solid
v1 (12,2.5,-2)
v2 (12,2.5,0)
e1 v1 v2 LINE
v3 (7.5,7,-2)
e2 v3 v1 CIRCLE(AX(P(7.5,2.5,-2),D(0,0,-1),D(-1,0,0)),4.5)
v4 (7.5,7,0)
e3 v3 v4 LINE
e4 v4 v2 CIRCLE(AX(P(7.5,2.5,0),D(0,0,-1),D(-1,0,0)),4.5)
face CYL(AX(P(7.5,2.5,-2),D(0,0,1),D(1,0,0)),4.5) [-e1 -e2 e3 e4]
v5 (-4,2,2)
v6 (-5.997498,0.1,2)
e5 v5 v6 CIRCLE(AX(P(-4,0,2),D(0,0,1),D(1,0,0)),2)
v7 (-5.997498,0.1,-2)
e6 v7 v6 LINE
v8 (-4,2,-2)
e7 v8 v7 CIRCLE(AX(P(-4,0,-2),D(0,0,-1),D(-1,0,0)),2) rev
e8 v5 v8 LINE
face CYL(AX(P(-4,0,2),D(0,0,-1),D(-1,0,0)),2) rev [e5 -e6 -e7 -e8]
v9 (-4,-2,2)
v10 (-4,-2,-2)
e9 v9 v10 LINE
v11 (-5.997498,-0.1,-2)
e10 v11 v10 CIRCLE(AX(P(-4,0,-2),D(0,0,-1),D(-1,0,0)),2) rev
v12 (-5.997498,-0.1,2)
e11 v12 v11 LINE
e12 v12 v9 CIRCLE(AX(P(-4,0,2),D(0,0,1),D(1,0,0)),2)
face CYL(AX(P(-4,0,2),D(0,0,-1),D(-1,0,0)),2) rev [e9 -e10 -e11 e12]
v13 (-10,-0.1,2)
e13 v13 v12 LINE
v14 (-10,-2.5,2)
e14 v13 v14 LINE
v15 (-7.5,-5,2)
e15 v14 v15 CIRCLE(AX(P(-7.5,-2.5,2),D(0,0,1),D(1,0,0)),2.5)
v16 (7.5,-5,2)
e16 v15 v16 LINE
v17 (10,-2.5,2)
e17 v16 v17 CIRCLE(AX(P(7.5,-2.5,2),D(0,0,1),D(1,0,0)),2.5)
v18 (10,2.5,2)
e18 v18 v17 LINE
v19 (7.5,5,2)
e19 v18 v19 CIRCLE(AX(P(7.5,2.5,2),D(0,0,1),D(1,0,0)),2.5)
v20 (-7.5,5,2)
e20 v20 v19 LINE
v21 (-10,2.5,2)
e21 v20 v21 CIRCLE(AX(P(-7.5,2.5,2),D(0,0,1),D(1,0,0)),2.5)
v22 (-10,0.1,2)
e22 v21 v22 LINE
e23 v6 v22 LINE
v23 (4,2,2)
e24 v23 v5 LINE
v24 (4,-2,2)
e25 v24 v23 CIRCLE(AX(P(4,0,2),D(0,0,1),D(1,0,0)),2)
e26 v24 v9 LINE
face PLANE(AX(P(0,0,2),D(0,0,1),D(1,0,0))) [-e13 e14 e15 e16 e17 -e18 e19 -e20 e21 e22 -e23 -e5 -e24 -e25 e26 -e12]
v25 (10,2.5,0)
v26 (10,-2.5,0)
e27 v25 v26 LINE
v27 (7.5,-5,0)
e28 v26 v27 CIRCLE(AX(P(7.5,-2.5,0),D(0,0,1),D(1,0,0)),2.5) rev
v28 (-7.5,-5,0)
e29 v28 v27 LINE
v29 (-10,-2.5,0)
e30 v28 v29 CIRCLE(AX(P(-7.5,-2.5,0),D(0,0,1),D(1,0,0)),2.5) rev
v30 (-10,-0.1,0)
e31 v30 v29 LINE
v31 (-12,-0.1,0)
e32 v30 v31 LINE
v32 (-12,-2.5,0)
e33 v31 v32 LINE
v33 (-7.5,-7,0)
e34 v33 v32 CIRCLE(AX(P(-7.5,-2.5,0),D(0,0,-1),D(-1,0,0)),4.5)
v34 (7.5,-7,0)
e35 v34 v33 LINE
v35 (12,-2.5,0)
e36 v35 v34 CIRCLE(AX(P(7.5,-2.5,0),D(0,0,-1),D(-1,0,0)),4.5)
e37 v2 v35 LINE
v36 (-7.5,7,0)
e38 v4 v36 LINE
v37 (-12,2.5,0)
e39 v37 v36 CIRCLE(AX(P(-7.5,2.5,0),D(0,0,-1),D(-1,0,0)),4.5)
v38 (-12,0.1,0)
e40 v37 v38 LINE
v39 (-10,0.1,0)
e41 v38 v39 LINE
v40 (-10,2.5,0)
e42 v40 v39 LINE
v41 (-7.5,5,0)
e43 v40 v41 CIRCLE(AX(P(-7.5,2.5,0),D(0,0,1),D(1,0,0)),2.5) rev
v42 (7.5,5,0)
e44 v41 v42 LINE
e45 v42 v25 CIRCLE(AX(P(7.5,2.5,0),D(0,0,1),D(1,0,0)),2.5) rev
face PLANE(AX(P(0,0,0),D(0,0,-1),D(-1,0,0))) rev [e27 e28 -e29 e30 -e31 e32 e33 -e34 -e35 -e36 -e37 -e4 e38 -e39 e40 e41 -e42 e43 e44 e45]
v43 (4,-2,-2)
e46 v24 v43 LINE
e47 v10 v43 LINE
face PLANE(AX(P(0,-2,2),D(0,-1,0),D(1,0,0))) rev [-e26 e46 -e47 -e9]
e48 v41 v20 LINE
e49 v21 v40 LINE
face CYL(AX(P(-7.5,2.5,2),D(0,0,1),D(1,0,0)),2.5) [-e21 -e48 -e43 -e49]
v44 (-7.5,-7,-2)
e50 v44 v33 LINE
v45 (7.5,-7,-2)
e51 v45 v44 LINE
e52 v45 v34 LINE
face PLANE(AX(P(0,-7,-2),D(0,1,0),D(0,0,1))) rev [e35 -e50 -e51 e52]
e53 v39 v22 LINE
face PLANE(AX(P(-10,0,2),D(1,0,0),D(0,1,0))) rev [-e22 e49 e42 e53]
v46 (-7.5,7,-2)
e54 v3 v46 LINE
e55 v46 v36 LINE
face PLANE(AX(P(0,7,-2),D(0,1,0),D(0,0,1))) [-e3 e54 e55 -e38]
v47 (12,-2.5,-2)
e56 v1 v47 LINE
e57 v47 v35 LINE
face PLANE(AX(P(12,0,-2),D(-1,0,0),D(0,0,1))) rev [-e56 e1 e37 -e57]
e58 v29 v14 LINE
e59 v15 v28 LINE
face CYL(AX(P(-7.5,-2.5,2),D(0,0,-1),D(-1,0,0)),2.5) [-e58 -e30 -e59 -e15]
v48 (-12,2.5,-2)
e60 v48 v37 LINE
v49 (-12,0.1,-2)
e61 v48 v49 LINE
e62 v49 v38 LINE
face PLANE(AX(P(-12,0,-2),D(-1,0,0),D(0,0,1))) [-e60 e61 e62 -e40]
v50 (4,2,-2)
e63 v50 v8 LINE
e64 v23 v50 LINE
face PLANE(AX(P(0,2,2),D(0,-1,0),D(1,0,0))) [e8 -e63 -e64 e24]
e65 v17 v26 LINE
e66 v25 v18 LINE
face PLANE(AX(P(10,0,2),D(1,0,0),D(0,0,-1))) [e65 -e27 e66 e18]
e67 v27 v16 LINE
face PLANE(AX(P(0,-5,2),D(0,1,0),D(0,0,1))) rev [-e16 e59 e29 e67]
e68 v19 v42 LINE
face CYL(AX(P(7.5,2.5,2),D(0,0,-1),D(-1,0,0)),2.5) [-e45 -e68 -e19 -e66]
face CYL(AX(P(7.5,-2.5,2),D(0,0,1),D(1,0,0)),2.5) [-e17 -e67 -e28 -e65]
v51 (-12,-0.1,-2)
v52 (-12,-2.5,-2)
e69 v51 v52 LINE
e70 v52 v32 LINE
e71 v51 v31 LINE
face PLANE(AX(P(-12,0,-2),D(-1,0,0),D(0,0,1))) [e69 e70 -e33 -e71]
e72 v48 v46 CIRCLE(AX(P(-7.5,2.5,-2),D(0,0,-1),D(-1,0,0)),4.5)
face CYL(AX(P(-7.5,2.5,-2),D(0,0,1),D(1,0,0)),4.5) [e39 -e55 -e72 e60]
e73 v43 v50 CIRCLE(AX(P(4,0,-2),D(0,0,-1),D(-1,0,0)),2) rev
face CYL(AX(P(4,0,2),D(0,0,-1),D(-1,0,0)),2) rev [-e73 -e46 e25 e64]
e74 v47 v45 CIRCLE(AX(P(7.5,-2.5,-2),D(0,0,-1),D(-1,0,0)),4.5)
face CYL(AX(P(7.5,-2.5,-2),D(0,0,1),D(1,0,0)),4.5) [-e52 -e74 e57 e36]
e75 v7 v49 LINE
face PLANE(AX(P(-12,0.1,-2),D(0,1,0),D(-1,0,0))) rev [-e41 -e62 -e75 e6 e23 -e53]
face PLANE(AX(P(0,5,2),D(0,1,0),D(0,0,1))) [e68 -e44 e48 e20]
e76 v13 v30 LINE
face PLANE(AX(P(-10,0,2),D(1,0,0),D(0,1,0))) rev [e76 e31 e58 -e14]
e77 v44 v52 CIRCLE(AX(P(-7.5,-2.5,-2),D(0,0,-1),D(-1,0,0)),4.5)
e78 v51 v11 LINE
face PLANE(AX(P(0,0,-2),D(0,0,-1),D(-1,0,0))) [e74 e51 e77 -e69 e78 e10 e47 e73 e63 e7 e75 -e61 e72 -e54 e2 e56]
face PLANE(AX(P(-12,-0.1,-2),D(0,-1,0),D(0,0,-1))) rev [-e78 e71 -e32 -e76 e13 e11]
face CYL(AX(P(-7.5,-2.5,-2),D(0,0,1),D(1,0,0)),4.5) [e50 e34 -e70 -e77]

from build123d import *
from build123d.topology import SkipClean

# Parameters (mm, degrees)
SKETCH1_W               = 20
SKETCH1_H               = 10
SKETCH1_W_2             = 12
SKETCH1_H_2             = 4
BOSS_EXTRUDE1_DEPTH     = 2
FILLET1_R               = 2.5
BOSS_EXTRUDE2_DEPTH     = 2
CUT_EXTRUDE1_DEPTH      = 15.035668848
CUT_EXTRUDE1_DEPTH_BACK = 15.035668848
SKETCH3_W               = 8
SKETCH3_H               = 0.2


with BuildPart() as part:
    # Sketch1 → Boss-Extrude1 (new body)
    # profile 1 of 5: a face of its own
    with BuildSketch(Plane.XY):
        Rectangle(SKETCH1_W, SKETCH1_H)
        Rectangle(SKETCH1_W_2, SKETCH1_H_2, mode=Mode.SUBTRACT)
    # profile 2 of 5: a face of its own
    with BuildSketch(Plane.XY):
        with BuildLine():
            ThreePointArc((-6, 0), (-5.414213562, 1.414213562), (-4, 2))
            Line((-4, 2), (-6, 2))
            Line((-6, 2), (-6, 0))
        make_face()
    # profile 3 of 5: a face of its own
    with BuildSketch(Plane.XY):
        with BuildLine():
            ThreePointArc((-4, -2), (-5.414213562, -1.414213562), (-6, 0))
            Line((-6, 0), (-6, -2))
            Line((-6, -2), (-4, -2))
        make_face()
    # profile 4 of 5: a face of its own
    with BuildSketch(Plane.XY):
        with BuildLine():
            Line((6, -2), (6, 0))
            ThreePointArc((6, 0), (5.414213562, -1.414213562), (4, -2))
            Line((4, -2), (6, -2))
        make_face()
    # profile 5 of 5: a face of its own
    with BuildSketch(Plane.XY):
        with BuildLine():
            Line((6, 0), (6, 2))
            Line((6, 2), (4, 2))
            ThreePointArc((4, 2), (5.414213562, 1.414213562), (6, 0))
        make_face()
    extrude(amount=BOSS_EXTRUDE1_DEPTH)

    # Fillet1
    fillet1_edges = [part.edges().sort_by_distance(p)[0] for p in [
        (10, -5, 1),
        (-10, -5, 1),
        (-10, 5, 1),
        (10, 5, 1),
    ]]
    fillet(fillet1_edges, radius=FILLET1_R)

    # Sketch2 → Boss-Extrude2 (add)
    with SkipClean():  # the faces are left unmerged after this step: merging them gives an invalid solid
        with BuildSketch(Plane(origin=(0, 0, 0), x_dir=(-1, 0, 0), z_dir=(0, 0, -1))):
            with BuildLine():
                Line((-3.758342613, 5), (3.758342613, 5))
                ThreePointArc((3.758342613, 5), (5.378679665, 6.468626971), (7.500000019, 7))
                Line((7.500000019, 7), (-7.5, 7))
                ThreePointArc((-7.5, 7), (-5.378679656, 6.468626967), (-3.758342613, 5))
            make_face()
            with BuildLine():
                ThreePointArc((-11.241657387, 0), (-10.681980515, 0.681980515), (-10, 1.241657387))
                Line((-10, 1.241657387), (-10, 2.5))
                ThreePointArc((-10, 2.5), (-9.267766953, 4.267766953), (-7.5, 5))
                Line((-7.5, 5), (-3.758342613, 5))
                ThreePointArc((-3.758342613, 5), (-5.378679656, 6.468626967), (-7.5, 7))
                ThreePointArc((-7.5, 7), (-10.681980515, 5.681980515), (-12, 2.5))
                ThreePointArc((-12, 2.5), (-11.80624304, 1.19375696), (-11.241657387, 0))
            make_face()
            with BuildLine():
                Line((-10, -1.241657387), (-10, 1.241657387))
                ThreePointArc((-10, 1.241657387), (-10.681980515, 0.681980515), (-11.241657387, 0))
                ThreePointArc((-11.241657387, 0), (-10.681980515, -0.681980515), (-10, -1.241657387))
            make_face()
            with BuildLine():
                ThreePointArc((-12, -2.5), (-11.80624304, -1.19375696), (-11.241657387, 0))
                ThreePointArc((-11.241657387, 0), (-11.80624304, 1.19375696), (-12, 2.5))
                Line((-12, 2.5), (-12, -2.5))
            make_face()
            with BuildLine():
                Line((-10, -2.5), (-10, -1.241657387))
                ThreePointArc((-10, -1.241657387), (-10.681980515, -0.681980515), (-11.241657387, 0))
                ThreePointArc((-11.241657387, 0), (-11.80624304, -1.19375696), (-12, -2.5))
                ThreePointArc((-12, -2.5), (-10.681980515, -5.681980515), (-7.5, -7))
                ThreePointArc((-7.5, -7), (-5.378679656, -6.468626967), (-3.758342613, -5))
                Line((-3.758342613, -5), (-7.5, -5))
                ThreePointArc((-7.5, -5), (-9.267766953, -4.267766953), (-10, -2.5))
            make_face()
            with BuildLine():
                ThreePointArc((7.499999979, -7), (5.378679647, -6.468626962), (3.758342613, -5))
                Line((3.758342613, -5), (-3.758342613, -5))
                ThreePointArc((-3.758342613, -5), (-5.378679656, -6.468626967), (-7.5, -7))
                Line((-7.5, -7), (7.499999979, -7))
            make_face()
            with BuildLine():
                Line((7.5, -5), (3.758342613, -5))
                ThreePointArc((3.758342613, -5), (5.378679647, -6.468626962), (7.499999979, -7))
                ThreePointArc((7.499999979, -7), (10.681980508, -5.681980523), (12, -2.5))
                ThreePointArc((12, -2.5), (11.80624304, -1.19375696), (11.241657387, 0))
                ThreePointArc((11.241657387, 0), (10.681980515, -0.681980515), (10, -1.241657387))
                Line((10, -1.241657387), (10, -2.5))
                ThreePointArc((10, -2.5), (9.267766953, -4.267766953), (7.5, -5))
            make_face()
            with BuildLine():
                ThreePointArc((11.241657387, 0), (10.681980515, 0.681980515), (10, 1.241657387))
                Line((10, 1.241657387), (10, -1.241657387))
                ThreePointArc((10, -1.241657387), (10.681980515, -0.681980515), (11.241657387, 0))
            make_face()
            with BuildLine():
                Line((12, -2.5), (12, 2.5))
                ThreePointArc((12, 2.5), (11.80624304, 1.19375696), (11.241657387, 0))
                ThreePointArc((11.241657387, 0), (11.80624304, -1.19375696), (12, -2.5))
            make_face()
            with BuildLine():
                ThreePointArc((7.500000019, 7), (5.378679665, 6.468626971), (3.758342613, 5))
                Line((3.758342613, 5), (7.5, 5))
                ThreePointArc((7.5, 5), (9.267766953, 4.267766953), (10, 2.5))
                Line((10, 2.5), (10, 1.241657387))
                ThreePointArc((10, 1.241657387), (10.681980515, 0.681980515), (11.241657387, 0))
                ThreePointArc((11.241657387, 0), (11.80624304, 1.19375696), (12, 2.5))
                ThreePointArc((12, 2.5), (10.681980522, 5.681980509), (7.500000019, 7))
            make_face()
            with BuildLine():
                ThreePointArc((-5.365330412, 1.461462577), (-4.73385109, 1.860500625), (-4, 2))
                Line((-4, 2), (-3.027864045, 2))
                ThreePointArc((-3.027864045, 2), (-3.006971411, 2.249612098), (-3, 2.5))
                ThreePointArc((-3, 2.5), (-3.19375696, 3.80624304), (-3.758342613, 5))
                Line((-3.758342613, 5), (-7.5, 5))
                ThreePointArc((-7.5, 5), (-9.267766953, 4.267766953), (-10, 2.5))
                Line((-10, 2.5), (-10, 1.241657387))
                ThreePointArc((-10, 1.241657387), (-7.7131787, 1.994947702), (-5.365330412, 1.461462577))
            make_face()
            with BuildLine():
                ThreePointArc((-5.365330412, -1.461462577), (-6, 0), (-5.365330412, 1.461462577))
                ThreePointArc((-5.365330412, 1.461462577), (-7.7131787, 1.994947702), (-10, 1.241657387))
                Line((-10, 1.241657387), (-10, -1.241657387))
                ThreePointArc((-10, -1.241657387), (-7.7131787, -1.994947702), (-5.365330412, -1.461462577))
            make_face()
            with BuildLine():
                ThreePointArc((-4, -2), (-4.73385109, -1.860500625), (-5.365330412, -1.461462577))
                ThreePointArc((-5.365330412, -1.461462577), (-7.7131787, -1.994947702), (-10, -1.241657387))
                Line((-10, -1.241657387), (-10, -2.5))
                ThreePointArc((-10, -2.5), (-9.267766953, -4.267766953), (-7.5, -5))
                Line((-7.5, -5), (-3.758342613, -5))
                ThreePointArc((-3.758342613, -5), (-3.19375696, -3.80624304), (-3, -2.5))
                ThreePointArc((-3, -2.5), (-3.006971411, -2.249612098), (-3.027864045, -2))
                Line((-3.027864045, -2), (-4, -2))
            make_face()
            with BuildLine():
                Line((3.027864045, -2), (-3.027864045, -2))
                ThreePointArc((-3.027864045, -2), (-3.006971411, -2.249612098), (-3, -2.5))
                ThreePointArc((-3, -2.5), (-3.19375696, -3.80624304), (-3.758342613, -5))
                Line((-3.758342613, -5), (3.758342613, -5))
                ThreePointArc((3.758342613, -5), (3.127746546, -3.564612481), (3.027864045, -2))
            make_face()
            with BuildLine():
                Line((4, -2), (3.027864045, -2))
                ThreePointArc((3.027864045, -2), (3.127746546, -3.564612481), (3.758342613, -5))
                Line((3.758342613, -5), (7.5, -5))
                ThreePointArc((7.5, -5), (9.267766953, -4.267766953), (10, -2.5))
                Line((10, -2.5), (10, -1.241657387))
                ThreePointArc((10, -1.241657387), (7.7131787, -1.994947702), (5.365330412, -1.461462577))
                ThreePointArc((5.365330412, -1.461462577), (4.73385109, -1.860500625), (4, -2))
            make_face()
            with BuildLine():
                ThreePointArc((10, 1.241657387), (7.7131787, 1.994947702), (5.365330412, 1.461462577))
                ThreePointArc((5.365330412, 1.461462577), (6, 0), (5.365330412, -1.461462577))
                ThreePointArc((5.365330412, -1.461462577), (7.7131787, -1.994947702), (10, -1.241657387))
                Line((10, -1.241657387), (10, 1.241657387))
            make_face()
            with BuildLine():
                ThreePointArc((3.758342613, 5), (3.127746546, 3.564612481), (3.027864045, 2))
                Line((3.027864045, 2), (4, 2))
                ThreePointArc((4, 2), (4.73385109, 1.860500625), (5.365330412, 1.461462577))
                ThreePointArc((5.365330412, 1.461462577), (7.7131787, 1.994947702), (10, 1.241657387))
                Line((10, 1.241657387), (10, 2.5))
                ThreePointArc((10, 2.5), (9.267766953, 4.267766953), (7.5, 5))
                Line((7.5, 5), (3.758342613, 5))
            make_face()
            with BuildLine():
                ThreePointArc((-3, 2.5), (-3.006971411, 2.249612098), (-3.027864045, 2))
                Line((-3.027864045, 2), (3.027864045, 2))
                ThreePointArc((3.027864045, 2), (3.127746546, 3.564612481), (3.758342613, 5))
                Line((3.758342613, 5), (-3.758342613, 5))
                ThreePointArc((-3.758342613, 5), (-3.19375696, 3.80624304), (-3, 2.5))
            make_face()
        extrude(amount=BOSS_EXTRUDE2_DEPTH)

    # Sketch3 → Cut-Extrude1 (cut, two sides: drawn at the far end of the back side and taken through both)
    with SkipClean():  # the faces are left unmerged after this step: merging them gives an invalid solid
        with BuildSketch(Plane.XY.offset(-CUT_EXTRUDE1_DEPTH_BACK)):
            with Locations((-8, 0)):
                Rectangle(SKETCH3_W, SKETCH3_H)
        extrude(amount=CUT_EXTRUDE1_DEPTH + CUT_EXTRUDE1_DEPTH_BACK, mode=Mode.SUBTRACT)


solid = part.part
